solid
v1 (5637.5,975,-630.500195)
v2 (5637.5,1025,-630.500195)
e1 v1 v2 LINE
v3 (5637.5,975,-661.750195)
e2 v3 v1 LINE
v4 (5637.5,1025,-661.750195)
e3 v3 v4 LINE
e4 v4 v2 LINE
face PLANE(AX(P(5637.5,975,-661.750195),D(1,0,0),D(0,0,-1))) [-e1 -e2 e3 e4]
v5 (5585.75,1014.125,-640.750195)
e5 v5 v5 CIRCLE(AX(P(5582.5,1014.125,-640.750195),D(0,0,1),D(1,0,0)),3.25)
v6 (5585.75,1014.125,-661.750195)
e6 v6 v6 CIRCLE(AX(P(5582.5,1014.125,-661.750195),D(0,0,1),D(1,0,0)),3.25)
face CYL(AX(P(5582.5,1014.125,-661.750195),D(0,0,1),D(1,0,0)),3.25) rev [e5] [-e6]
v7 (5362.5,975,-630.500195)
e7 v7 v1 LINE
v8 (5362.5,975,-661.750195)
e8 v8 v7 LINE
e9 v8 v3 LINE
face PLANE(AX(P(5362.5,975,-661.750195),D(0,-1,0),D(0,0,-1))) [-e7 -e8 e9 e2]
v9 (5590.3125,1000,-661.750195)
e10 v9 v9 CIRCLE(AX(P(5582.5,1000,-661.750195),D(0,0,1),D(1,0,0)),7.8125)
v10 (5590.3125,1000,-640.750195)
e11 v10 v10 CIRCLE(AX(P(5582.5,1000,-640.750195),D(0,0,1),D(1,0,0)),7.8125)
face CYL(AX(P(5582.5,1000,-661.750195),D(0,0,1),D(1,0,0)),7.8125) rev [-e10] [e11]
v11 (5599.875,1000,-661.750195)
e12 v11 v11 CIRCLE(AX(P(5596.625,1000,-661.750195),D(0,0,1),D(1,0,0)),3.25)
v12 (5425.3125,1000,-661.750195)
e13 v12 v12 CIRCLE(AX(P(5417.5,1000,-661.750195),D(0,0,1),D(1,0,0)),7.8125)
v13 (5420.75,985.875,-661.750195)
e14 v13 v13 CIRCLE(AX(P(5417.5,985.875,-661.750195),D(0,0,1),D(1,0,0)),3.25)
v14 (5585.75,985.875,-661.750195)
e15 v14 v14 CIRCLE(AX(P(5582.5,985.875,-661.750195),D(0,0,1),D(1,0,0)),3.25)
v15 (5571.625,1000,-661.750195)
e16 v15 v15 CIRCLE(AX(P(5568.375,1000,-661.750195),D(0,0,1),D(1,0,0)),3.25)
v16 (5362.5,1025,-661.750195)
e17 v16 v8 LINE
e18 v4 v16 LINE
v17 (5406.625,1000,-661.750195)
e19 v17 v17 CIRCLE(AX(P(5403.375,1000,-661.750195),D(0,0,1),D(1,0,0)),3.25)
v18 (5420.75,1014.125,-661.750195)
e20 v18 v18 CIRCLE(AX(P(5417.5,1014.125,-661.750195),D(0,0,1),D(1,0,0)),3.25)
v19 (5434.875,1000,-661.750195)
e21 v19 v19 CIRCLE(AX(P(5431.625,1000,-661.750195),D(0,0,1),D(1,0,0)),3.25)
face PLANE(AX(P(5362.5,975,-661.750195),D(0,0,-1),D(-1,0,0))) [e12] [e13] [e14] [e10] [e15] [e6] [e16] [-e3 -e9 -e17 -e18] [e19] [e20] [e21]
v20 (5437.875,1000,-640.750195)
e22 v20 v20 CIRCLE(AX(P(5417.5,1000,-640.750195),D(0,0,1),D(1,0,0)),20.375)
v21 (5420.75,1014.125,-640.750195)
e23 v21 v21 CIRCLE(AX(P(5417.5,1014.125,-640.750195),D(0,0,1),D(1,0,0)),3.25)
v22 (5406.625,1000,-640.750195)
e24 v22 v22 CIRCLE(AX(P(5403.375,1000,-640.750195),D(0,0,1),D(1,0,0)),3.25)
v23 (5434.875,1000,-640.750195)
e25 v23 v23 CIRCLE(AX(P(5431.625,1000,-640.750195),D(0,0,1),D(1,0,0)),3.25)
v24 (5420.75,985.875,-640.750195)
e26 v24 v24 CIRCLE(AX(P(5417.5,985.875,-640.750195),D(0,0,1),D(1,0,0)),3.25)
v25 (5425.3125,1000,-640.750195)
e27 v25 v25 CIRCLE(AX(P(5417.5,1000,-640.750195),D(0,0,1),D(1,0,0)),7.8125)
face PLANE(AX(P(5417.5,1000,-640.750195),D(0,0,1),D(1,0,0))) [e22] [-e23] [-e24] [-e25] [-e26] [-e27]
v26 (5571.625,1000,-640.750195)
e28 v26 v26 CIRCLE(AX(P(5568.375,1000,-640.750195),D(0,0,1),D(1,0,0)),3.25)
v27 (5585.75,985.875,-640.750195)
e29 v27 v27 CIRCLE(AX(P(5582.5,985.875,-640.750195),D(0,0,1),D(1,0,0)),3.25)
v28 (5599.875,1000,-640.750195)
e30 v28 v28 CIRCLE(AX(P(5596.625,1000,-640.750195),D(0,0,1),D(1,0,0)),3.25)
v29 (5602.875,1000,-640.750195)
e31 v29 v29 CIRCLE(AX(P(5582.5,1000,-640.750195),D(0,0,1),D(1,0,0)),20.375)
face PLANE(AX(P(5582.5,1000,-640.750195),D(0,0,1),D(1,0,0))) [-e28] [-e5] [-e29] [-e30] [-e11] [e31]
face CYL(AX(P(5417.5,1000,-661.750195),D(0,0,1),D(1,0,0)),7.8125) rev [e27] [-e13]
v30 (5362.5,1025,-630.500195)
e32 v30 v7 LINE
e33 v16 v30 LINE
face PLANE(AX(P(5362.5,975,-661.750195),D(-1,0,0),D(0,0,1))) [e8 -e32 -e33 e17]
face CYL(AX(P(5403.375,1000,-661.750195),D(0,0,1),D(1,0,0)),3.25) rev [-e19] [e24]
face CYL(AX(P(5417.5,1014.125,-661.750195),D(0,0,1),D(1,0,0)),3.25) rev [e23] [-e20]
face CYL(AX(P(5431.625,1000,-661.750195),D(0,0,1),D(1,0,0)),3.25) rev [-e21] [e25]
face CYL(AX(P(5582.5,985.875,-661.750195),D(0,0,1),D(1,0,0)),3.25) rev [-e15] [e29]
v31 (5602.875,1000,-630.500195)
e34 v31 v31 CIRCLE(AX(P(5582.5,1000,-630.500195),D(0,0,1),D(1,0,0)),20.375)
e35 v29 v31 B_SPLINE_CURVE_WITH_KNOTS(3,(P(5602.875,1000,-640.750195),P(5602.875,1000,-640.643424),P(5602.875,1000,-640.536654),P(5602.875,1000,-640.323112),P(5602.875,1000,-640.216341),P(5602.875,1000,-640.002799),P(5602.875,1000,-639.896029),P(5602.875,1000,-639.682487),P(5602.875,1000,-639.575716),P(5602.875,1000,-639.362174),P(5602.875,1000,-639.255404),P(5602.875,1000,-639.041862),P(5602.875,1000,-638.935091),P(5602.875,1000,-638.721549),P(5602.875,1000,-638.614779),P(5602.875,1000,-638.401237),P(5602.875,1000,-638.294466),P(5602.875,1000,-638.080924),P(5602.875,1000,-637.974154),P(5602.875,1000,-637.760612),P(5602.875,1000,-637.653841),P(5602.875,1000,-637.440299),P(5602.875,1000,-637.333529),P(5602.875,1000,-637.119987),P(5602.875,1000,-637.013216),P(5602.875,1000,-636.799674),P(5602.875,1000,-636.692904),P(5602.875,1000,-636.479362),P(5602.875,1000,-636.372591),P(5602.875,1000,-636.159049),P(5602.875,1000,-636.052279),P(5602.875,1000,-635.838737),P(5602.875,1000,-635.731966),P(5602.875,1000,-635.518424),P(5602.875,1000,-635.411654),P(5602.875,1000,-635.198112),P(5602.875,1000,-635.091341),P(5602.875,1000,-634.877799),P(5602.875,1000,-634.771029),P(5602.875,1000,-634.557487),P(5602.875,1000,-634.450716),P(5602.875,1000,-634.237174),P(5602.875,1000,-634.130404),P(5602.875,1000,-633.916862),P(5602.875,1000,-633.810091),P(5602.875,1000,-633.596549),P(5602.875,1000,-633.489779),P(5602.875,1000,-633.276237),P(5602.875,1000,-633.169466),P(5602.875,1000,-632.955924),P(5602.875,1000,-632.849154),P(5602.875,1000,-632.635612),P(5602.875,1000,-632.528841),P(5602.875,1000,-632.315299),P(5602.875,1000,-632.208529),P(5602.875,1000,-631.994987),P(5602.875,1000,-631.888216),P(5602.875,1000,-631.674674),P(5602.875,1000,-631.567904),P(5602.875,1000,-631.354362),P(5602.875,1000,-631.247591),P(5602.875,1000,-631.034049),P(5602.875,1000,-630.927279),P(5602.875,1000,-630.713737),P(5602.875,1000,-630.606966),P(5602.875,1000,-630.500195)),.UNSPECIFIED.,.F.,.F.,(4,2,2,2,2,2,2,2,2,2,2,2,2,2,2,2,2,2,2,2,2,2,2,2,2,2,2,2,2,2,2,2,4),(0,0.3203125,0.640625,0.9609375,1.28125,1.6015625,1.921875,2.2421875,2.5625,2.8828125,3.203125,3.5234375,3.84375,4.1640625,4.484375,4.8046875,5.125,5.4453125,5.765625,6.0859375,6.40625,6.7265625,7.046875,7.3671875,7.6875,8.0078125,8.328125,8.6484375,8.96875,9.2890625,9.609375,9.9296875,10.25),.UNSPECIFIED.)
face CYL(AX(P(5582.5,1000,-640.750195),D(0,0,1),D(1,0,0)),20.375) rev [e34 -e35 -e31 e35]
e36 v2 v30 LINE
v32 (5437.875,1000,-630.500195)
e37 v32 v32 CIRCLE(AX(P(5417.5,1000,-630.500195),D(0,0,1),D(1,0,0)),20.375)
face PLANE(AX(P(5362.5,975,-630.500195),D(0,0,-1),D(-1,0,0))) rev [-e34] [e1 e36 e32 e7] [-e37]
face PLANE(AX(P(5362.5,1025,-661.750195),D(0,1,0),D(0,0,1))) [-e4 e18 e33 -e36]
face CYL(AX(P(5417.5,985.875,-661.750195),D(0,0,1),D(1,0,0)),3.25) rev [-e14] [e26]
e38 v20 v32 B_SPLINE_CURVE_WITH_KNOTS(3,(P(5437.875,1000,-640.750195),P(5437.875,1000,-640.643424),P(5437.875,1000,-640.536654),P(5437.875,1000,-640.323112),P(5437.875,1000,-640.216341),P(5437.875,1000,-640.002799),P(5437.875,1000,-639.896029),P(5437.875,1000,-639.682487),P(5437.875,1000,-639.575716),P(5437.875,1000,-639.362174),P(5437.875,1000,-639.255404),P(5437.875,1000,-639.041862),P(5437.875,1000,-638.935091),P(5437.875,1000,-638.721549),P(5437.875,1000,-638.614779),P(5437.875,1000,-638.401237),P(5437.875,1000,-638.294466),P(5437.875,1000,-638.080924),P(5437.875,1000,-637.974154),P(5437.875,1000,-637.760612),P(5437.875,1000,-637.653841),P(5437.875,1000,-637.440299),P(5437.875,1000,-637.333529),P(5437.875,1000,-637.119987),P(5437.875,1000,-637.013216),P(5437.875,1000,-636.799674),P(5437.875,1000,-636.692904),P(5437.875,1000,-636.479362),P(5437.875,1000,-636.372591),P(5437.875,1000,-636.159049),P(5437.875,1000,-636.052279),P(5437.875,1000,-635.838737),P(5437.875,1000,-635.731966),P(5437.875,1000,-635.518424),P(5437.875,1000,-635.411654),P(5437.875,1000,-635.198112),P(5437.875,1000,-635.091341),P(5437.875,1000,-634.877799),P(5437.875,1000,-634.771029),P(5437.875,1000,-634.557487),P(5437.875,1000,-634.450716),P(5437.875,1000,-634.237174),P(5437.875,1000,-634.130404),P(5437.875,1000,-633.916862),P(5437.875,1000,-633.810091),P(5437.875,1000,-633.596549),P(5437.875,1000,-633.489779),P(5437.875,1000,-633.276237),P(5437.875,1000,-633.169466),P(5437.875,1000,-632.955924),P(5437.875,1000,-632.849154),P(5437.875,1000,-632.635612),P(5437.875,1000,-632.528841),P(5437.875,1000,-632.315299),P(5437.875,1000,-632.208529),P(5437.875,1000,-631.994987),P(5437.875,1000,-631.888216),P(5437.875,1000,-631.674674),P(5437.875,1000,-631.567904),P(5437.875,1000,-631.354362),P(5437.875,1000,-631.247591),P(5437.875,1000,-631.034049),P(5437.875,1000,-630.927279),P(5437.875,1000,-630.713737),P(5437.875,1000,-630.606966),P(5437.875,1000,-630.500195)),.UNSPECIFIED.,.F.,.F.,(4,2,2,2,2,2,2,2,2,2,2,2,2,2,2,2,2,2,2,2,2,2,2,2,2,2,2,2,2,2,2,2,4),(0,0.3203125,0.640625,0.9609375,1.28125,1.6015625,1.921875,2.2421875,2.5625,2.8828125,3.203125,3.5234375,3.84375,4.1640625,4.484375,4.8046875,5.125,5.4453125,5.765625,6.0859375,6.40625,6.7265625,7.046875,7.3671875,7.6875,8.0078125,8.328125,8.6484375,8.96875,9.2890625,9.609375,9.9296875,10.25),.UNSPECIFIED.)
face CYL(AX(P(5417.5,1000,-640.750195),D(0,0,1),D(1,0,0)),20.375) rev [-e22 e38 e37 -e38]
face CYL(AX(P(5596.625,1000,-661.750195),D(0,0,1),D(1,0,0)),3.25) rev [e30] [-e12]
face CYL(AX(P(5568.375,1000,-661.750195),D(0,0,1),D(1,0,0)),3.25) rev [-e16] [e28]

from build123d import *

# Parameters (mm, degrees)
SKETCH1_W           = 11000
SKETCH1_H           = 2000
BOSS_EXTRUDE1_DEPTH = 1250
SKETCH2_R           = 815
CUT_EXTRUDE2_DEPTH  = 410
SKETCH23_R          = 312.5
CUT_EXTRUDE3_DEPTH  = 11251
SKETCH24_R          = 130
CUT_EXTRUDE4_DEPTH  = 11251
SKETCH25_R          = 130
CUT_EXTRUDE5_DEPTH  = 11251
SCALE1_SCALE        = 0.025


with BuildPart() as part:
    # Sketch1 → Boss-Extrude1 (new body)
    with BuildSketch(Plane.XY):
        with Locations((5500, 1000)):
            Rectangle(SKETCH1_W, SKETCH1_H)
    extrude(amount=-BOSS_EXTRUDE1_DEPTH)

    # Sketch2 → Cut-Extrude2 (cut)
    with BuildSketch(Plane.XY):
        with Locations((2200, 1000)):
            Circle(SKETCH2_R)
        with Locations((8800, 1000)):
            Circle(SKETCH2_R)
    extrude(amount=-CUT_EXTRUDE2_DEPTH, mode=Mode.SUBTRACT)

    # Sketch23 → Cut-Extrude3 (cut, through all)
    with BuildSketch(Plane.XY):
        with Locations((2200, 1000)):
            Circle(SKETCH23_R)
        with Locations((8800, 1000)):
            Circle(SKETCH23_R)
    extrude(amount=-CUT_EXTRUDE3_DEPTH, mode=Mode.SUBTRACT)

    # Sketch24 → Cut-Extrude4 (cut, through all)
    with BuildSketch(Plane.XY):
        with Locations((2200, 435)):
            Circle(SKETCH24_R)
        with Locations((1635, 1000)):
            Circle(SKETCH24_R)
        with Locations((2200, 1565)):
            Circle(SKETCH24_R)
        with Locations((2765, 1000)):
            Circle(SKETCH24_R)
    extrude(amount=-CUT_EXTRUDE4_DEPTH, mode=Mode.SUBTRACT)

    # Sketch25 → Cut-Extrude5 (cut, through all)
    with BuildSketch(Plane.XY):
        with Locations((8800, 435)):
            Circle(SKETCH25_R)
        with Locations((8235, 1000)):
            Circle(SKETCH25_R)
        with Locations((8800, 1565)):
            Circle(SKETCH25_R)
        with Locations((9365, 1000)):
            Circle(SKETCH25_R)
    extrude(amount=-CUT_EXTRUDE5_DEPTH, mode=Mode.SUBTRACT)


with BuildPart() as part_1:
    # Scale1: scaled about (5500, 1000, -646.66686697)
    add(part.part.scale(SCALE1_SCALE).moved(Location((5362.5, 975, -630.500195296))))


solid = part_1.part
